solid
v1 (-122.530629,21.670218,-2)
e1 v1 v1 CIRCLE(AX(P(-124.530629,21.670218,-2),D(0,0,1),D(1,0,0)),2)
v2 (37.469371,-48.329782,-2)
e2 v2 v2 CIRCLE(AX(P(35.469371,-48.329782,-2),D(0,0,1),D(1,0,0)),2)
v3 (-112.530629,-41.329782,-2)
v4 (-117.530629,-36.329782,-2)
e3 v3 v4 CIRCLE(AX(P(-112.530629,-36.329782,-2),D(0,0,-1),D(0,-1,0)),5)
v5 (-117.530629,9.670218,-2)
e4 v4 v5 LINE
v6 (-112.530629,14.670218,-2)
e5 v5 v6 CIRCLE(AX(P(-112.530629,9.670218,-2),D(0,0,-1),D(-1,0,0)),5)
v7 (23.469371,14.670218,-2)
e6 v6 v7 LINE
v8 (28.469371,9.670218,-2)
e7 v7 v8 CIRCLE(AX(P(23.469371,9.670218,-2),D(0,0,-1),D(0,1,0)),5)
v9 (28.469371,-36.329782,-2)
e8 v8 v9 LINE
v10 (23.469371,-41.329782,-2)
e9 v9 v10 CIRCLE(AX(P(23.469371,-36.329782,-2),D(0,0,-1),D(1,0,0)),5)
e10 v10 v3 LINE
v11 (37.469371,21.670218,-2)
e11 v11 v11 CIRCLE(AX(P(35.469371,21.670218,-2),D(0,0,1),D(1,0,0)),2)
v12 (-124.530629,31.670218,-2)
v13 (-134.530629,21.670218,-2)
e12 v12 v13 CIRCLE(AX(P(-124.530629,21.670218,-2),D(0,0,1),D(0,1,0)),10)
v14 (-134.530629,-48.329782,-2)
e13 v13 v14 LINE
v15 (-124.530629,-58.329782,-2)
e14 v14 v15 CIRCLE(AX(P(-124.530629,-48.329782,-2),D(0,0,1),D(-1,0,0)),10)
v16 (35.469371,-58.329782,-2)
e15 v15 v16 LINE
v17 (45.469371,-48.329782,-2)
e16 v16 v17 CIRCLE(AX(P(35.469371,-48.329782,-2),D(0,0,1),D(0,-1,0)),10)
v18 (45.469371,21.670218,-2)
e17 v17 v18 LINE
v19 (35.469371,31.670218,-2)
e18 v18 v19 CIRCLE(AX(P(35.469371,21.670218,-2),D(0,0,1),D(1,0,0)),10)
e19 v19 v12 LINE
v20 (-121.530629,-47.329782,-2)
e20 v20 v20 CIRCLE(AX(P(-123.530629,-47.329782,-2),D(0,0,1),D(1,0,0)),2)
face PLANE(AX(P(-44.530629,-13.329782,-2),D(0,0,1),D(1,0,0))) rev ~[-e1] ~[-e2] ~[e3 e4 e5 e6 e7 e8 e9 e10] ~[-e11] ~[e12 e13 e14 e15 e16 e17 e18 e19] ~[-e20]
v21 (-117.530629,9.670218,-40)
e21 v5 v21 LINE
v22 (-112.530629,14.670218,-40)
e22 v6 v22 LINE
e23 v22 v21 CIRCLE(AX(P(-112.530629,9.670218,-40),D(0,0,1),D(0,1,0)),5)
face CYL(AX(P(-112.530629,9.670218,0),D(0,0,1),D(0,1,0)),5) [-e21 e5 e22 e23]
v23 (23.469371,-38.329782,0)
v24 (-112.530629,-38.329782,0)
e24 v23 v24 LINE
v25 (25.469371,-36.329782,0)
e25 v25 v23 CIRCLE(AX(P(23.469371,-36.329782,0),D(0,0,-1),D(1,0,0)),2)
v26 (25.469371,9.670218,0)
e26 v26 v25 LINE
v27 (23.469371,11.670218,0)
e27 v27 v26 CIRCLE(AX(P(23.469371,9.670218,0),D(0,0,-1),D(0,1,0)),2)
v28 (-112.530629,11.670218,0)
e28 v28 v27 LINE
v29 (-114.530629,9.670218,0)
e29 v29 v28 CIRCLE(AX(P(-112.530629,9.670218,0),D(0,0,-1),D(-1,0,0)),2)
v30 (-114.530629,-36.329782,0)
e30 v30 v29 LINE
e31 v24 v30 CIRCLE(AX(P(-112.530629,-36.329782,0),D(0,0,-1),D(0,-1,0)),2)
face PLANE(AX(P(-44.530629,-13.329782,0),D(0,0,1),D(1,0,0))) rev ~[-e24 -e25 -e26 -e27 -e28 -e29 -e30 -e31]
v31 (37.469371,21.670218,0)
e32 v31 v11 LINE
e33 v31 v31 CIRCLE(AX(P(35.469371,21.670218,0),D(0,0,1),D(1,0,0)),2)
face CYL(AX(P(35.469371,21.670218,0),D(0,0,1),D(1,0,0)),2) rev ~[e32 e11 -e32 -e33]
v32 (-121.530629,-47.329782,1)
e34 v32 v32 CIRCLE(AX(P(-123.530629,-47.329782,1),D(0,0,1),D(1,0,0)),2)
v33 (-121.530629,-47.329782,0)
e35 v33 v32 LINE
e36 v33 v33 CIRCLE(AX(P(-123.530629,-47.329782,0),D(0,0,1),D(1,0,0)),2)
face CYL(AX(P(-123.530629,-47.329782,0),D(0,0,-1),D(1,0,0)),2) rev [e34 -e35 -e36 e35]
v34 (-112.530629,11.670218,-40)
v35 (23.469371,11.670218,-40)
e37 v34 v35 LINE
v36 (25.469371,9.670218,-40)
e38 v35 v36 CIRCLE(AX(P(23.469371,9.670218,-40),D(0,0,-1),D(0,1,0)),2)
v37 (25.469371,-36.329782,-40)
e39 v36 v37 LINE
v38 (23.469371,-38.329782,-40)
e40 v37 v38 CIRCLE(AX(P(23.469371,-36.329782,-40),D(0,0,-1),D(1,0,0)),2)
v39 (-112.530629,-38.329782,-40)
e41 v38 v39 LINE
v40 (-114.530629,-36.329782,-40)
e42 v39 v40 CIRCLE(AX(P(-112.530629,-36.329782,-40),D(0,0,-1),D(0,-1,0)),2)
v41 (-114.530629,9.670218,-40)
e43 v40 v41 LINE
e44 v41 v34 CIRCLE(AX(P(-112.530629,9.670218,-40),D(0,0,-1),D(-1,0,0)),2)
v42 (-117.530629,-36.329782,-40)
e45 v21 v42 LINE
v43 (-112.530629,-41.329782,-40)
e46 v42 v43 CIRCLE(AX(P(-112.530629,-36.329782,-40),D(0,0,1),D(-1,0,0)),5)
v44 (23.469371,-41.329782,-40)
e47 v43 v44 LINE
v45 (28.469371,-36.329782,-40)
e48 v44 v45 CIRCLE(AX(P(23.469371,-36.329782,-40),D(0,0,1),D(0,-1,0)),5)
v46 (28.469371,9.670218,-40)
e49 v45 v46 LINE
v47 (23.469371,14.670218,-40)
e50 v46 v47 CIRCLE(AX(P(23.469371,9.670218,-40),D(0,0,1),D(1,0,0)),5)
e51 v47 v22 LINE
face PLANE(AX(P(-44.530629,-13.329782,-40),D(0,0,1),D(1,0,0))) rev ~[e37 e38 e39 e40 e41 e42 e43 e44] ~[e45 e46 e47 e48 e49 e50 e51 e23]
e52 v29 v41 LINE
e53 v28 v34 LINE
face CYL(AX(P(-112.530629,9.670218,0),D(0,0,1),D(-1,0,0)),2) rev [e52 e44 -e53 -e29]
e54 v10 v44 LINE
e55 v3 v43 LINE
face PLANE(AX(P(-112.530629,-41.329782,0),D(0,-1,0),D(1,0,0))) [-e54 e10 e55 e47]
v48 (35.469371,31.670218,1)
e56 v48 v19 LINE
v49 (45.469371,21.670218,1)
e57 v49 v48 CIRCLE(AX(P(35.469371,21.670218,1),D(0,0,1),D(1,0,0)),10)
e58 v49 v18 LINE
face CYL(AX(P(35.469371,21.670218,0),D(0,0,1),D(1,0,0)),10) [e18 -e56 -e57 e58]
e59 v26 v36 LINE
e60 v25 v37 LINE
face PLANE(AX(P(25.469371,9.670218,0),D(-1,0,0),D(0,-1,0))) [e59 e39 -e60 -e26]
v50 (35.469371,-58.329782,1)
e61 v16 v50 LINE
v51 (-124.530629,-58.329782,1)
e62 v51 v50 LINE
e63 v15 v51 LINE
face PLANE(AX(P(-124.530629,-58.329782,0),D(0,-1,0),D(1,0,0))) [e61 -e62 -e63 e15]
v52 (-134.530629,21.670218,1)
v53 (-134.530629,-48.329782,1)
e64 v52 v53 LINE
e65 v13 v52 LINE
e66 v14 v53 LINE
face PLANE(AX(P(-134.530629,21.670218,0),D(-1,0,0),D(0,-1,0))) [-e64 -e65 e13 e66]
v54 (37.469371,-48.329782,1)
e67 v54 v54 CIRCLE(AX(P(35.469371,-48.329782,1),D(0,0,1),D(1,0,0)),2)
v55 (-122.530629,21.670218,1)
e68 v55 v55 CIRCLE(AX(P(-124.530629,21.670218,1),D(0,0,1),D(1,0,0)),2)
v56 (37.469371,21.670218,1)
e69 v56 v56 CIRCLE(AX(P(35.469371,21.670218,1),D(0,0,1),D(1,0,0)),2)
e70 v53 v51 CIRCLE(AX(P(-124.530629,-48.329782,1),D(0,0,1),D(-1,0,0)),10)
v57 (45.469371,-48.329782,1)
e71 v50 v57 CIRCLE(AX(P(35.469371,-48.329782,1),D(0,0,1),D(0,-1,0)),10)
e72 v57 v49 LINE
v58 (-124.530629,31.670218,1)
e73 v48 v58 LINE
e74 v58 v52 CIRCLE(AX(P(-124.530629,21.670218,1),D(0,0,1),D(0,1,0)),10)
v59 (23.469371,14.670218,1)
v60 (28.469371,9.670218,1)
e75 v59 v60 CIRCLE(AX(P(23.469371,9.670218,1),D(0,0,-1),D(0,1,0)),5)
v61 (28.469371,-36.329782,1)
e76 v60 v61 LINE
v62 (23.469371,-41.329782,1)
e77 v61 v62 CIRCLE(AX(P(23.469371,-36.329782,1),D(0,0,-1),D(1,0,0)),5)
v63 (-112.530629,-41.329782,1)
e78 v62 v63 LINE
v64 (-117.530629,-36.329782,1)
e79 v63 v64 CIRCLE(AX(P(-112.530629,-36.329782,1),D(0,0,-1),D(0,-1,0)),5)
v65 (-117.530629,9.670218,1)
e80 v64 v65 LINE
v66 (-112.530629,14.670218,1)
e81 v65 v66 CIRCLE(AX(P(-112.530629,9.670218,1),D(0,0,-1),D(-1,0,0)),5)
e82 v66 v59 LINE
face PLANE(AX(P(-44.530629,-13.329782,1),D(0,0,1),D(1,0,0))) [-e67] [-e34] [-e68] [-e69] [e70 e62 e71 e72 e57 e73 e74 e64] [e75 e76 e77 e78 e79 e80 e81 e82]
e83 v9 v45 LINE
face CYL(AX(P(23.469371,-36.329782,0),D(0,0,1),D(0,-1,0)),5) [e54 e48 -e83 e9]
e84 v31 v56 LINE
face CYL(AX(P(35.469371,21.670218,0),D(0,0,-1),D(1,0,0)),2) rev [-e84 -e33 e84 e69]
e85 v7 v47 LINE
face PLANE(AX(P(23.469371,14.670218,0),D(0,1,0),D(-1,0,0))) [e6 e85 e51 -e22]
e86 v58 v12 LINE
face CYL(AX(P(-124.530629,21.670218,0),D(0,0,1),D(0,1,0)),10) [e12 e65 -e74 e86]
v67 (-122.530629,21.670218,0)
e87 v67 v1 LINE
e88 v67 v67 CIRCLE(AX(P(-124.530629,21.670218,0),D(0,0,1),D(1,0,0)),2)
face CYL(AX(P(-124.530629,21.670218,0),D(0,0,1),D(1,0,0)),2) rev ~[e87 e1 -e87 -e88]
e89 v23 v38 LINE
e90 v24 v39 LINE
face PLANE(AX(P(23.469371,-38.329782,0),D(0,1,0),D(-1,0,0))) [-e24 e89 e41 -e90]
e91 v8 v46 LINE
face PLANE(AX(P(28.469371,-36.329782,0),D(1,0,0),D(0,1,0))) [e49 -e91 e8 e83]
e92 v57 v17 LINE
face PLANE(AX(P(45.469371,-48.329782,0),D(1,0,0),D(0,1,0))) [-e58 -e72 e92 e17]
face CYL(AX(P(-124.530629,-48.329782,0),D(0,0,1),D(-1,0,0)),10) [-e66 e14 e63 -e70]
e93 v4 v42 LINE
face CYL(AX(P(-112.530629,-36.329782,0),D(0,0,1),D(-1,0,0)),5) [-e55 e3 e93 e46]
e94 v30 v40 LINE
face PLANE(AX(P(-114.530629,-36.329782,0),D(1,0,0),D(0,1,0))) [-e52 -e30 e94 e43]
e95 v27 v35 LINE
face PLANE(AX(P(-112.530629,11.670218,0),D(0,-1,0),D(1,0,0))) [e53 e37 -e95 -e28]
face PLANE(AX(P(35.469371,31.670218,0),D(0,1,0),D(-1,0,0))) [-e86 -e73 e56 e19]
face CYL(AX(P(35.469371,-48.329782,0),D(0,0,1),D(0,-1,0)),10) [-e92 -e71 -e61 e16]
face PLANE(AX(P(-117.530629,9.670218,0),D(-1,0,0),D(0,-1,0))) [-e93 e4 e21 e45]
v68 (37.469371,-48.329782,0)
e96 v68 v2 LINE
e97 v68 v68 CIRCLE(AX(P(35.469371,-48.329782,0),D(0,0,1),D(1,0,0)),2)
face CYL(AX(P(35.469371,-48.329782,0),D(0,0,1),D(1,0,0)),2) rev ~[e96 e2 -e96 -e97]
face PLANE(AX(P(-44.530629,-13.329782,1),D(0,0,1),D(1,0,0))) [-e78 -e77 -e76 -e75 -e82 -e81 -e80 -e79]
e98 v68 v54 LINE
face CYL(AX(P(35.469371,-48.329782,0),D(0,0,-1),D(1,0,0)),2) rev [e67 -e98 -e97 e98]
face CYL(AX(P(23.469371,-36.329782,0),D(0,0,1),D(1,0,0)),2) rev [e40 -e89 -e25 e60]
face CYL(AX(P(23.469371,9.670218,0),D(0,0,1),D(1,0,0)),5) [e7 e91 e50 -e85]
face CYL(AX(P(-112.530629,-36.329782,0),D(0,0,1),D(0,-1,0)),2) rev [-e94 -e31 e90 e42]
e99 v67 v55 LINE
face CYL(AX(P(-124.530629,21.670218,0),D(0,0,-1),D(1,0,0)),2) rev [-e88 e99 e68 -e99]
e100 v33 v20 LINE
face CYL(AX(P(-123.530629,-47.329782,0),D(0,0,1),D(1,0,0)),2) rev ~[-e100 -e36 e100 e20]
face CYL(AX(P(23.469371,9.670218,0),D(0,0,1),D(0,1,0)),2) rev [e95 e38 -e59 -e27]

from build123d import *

# Parameters (mm, degrees)
F1_DEPTH = 40
F0_R     = 2
F2_DEPTH = 1
F3_DEPTH = 2
F4_DEPTH = 1


with BuildPart() as f1:
    # F0 (on Top) → F1 (new body)
    with BuildSketch(Plane.XY):
        with BuildLine():
            Line((23.4693709612, 14.670217514), (-112.5306290388, 14.670217514))
            ThreePointArc((-112.5306290388, 14.670217514), (-116.0661629447, 13.20575142), (-117.5306290388, 9.670217514))
            Line((-117.5306290388, 9.670217514), (-117.5306290388, -36.329782486))
            ThreePointArc((-117.5306290388, -36.329782486), (-116.0661629447, -39.8653163919), (-112.5306290388, -41.329782486))
            Line((-112.5306290388, -41.329782486), (23.4693709612, -41.329782486))
            ThreePointArc((23.4693709612, -41.329782486), (27.0049048671, -39.8653163919), (28.4693709612, -36.329782486))
            Line((28.4693709612, -36.329782486), (28.4693709612, 9.670217514))
            ThreePointArc((28.4693709612, 9.670217514), (27.0049048671, 13.20575142), (23.4693709612, 14.670217514))
        make_face()
        with BuildLine():
            ThreePointArc((-114.5306290388, 9.670217514), (-113.9448426012, 11.0844310764), (-112.5306290388, 11.670217514))
            Line((-112.5306290388, 11.670217514), (23.4693709612, 11.670217514))
            ThreePointArc((23.4693709612, 11.670217514), (24.8835845236, 11.0844310764), (25.4693709612, 9.670217514))
            Line((25.4693709612, 9.670217514), (25.4693709612, -36.329782486))
            ThreePointArc((25.4693709612, -36.329782486), (24.8835845236, -37.7439960483), (23.4693709612, -38.329782486))
            Line((23.4693709612, -38.329782486), (-112.5306290388, -38.329782486))
            ThreePointArc((-112.5306290388, -38.329782486), (-113.9448426012, -37.7439960483), (-114.5306290388, -36.329782486))
            Line((-114.5306290388, -36.329782486), (-114.5306290388, 9.670217514))
        make_face(mode=Mode.SUBTRACT)
    extrude(amount=-F1_DEPTH)



with BuildPart() as f2:
    # F0 (on Top) → F2 (new body)
    with BuildSketch(Plane.XY):
        with BuildLine():
            ThreePointArc((-124.5306290388, 31.670217514), (-131.6016968507, 28.7412853259), (-134.5306290388, 21.670217514))
            Line((-134.5306290388, 21.670217514), (-134.5306290388, -48.329782486))
            ThreePointArc((-134.5306290388, -48.329782486), (-131.6016968507, -55.4008502978), (-124.5306290388, -58.329782486))
            Line((-124.5306290388, -58.329782486), (35.4693709612, -58.329782486))
            ThreePointArc((35.4693709612, -58.329782486), (42.5404387731, -55.4008502978), (45.4693709612, -48.329782486))
            Line((45.4693709612, -48.329782486), (45.4693709612, 21.670217514))
            ThreePointArc((45.4693709612, 21.670217514), (42.5404387731, 28.7412853259), (35.4693709612, 31.670217514))
            Line((35.4693709612, 31.670217514), (-124.5306290388, 31.670217514))
        make_face()
        with Locations((-123.5306290388, -47.329782486)):
            Circle(F0_R, mode=Mode.SUBTRACT)
        with Locations((35.4693709612, -48.329782486)):
            Circle(F0_R, mode=Mode.SUBTRACT)
        with Locations((-124.5306290388, 21.670217514)):
            Circle(F0_R, mode=Mode.SUBTRACT)
        with BuildLine():
            ThreePointArc((-117.5306290388, 9.670217514), (-116.0661629447, 13.20575142), (-112.5306290388, 14.670217514))
            Line((-112.5306290388, 14.670217514), (23.4693709612, 14.670217514))
            ThreePointArc((23.4693709612, 14.670217514), (27.0049048671, 13.20575142), (28.4693709612, 9.670217514))
            Line((28.4693709612, 9.670217514), (28.4693709612, -36.329782486))
            ThreePointArc((28.4693709612, -36.329782486), (27.0049048671, -39.8653163919), (23.4693709612, -41.329782486))
            Line((23.4693709612, -41.329782486), (-112.5306290388, -41.329782486))
            ThreePointArc((-112.5306290388, -41.329782486), (-116.0661629447, -39.8653163919), (-117.5306290388, -36.329782486))
            Line((-117.5306290388, -36.329782486), (-117.5306290388, 9.670217514))
        make_face(mode=Mode.SUBTRACT)
        with Locations((35.4693709612, 21.670217514)):
            Circle(F0_R, mode=Mode.SUBTRACT)
    extrude(amount=F2_DEPTH)


with BuildPart() as f1_1:
    add(f1.part)

    add(f2.part)  # F3 merges F2
    # F0 (on Top) → F3 (join)
    with BuildSketch(Plane.XY):
        with BuildLine():
            ThreePointArc((-124.5306290388, 31.670217514), (-131.6016968507, 28.7412853259), (-134.5306290388, 21.670217514))
            Line((-134.5306290388, 21.670217514), (-134.5306290388, -48.329782486))
            ThreePointArc((-134.5306290388, -48.329782486), (-131.6016968507, -55.4008502978), (-124.5306290388, -58.329782486))
            Line((-124.5306290388, -58.329782486), (35.4693709612, -58.329782486))
            ThreePointArc((35.4693709612, -58.329782486), (42.5404387731, -55.4008502978), (45.4693709612, -48.329782486))
            Line((45.4693709612, -48.329782486), (45.4693709612, 21.670217514))
            ThreePointArc((45.4693709612, 21.670217514), (42.5404387731, 28.7412853259), (35.4693709612, 31.670217514))
            Line((35.4693709612, 31.670217514), (-124.5306290388, 31.670217514))
        make_face()
        with Locations((-123.5306290388, -47.329782486)):
            Circle(F0_R, mode=Mode.SUBTRACT)
        with Locations((35.4693709612, -48.329782486)):
            Circle(F0_R, mode=Mode.SUBTRACT)
        with Locations((-124.5306290388, 21.670217514)):
            Circle(F0_R, mode=Mode.SUBTRACT)
        with BuildLine():
            ThreePointArc((-117.5306290388, 9.670217514), (-116.0661629447, 13.20575142), (-112.5306290388, 14.670217514))
            Line((-112.5306290388, 14.670217514), (23.4693709612, 14.670217514))
            ThreePointArc((23.4693709612, 14.670217514), (27.0049048671, 13.20575142), (28.4693709612, 9.670217514))
            Line((28.4693709612, 9.670217514), (28.4693709612, -36.329782486))
            ThreePointArc((28.4693709612, -36.329782486), (27.0049048671, -39.8653163919), (23.4693709612, -41.329782486))
            Line((23.4693709612, -41.329782486), (-112.5306290388, -41.329782486))
            ThreePointArc((-112.5306290388, -41.329782486), (-116.0661629447, -39.8653163919), (-117.5306290388, -36.329782486))
            Line((-117.5306290388, -36.329782486), (-117.5306290388, 9.670217514))
        make_face(mode=Mode.SUBTRACT)
        with Locations((35.4693709612, 21.670217514)):
            Circle(F0_R, mode=Mode.SUBTRACT)
    extrude(amount=-F3_DEPTH)

    # F0 (on Top) → F4 (join)
    with BuildSketch(Plane.XY):
        with BuildLine():
            Line((23.4693709612, 14.670217514), (-112.5306290388, 14.670217514))
            ThreePointArc((-112.5306290388, 14.670217514), (-116.0661629447, 13.20575142), (-117.5306290388, 9.670217514))
            Line((-117.5306290388, 9.670217514), (-117.5306290388, -36.329782486))
            ThreePointArc((-117.5306290388, -36.329782486), (-116.0661629447, -39.8653163919), (-112.5306290388, -41.329782486))
            Line((-112.5306290388, -41.329782486), (23.4693709612, -41.329782486))
            ThreePointArc((23.4693709612, -41.329782486), (27.0049048671, -39.8653163919), (28.4693709612, -36.329782486))
            Line((28.4693709612, -36.329782486), (28.4693709612, 9.670217514))
            ThreePointArc((28.4693709612, 9.670217514), (27.0049048671, 13.20575142), (23.4693709612, 14.670217514))
        make_face()
        with BuildLine():
            ThreePointArc((-114.5306290388, 9.670217514), (-113.9448426012, 11.0844310764), (-112.5306290388, 11.670217514))
            Line((-112.5306290388, 11.670217514), (23.4693709612, 11.670217514))
            ThreePointArc((23.4693709612, 11.670217514), (24.8835845236, 11.0844310764), (25.4693709612, 9.670217514))
            Line((25.4693709612, 9.670217514), (25.4693709612, -36.329782486))
            ThreePointArc((25.4693709612, -36.329782486), (24.8835845236, -37.7439960483), (23.4693709612, -38.329782486))
            Line((23.4693709612, -38.329782486), (-112.5306290388, -38.329782486))
            ThreePointArc((-112.5306290388, -38.329782486), (-113.9448426012, -37.7439960483), (-114.5306290388, -36.329782486))
            Line((-114.5306290388, -36.329782486), (-114.5306290388, 9.670217514))
        make_face(mode=Mode.SUBTRACT)
        with BuildLine():
            Line((23.4693709612, 11.670217514), (-112.5306290388, 11.670217514))
            ThreePointArc((-112.5306290388, 11.670217514), (-113.9448426012, 11.0844310764), (-114.5306290388, 9.670217514))
            Line((-114.5306290388, 9.670217514), (-114.5306290388, -36.329782486))
            ThreePointArc((-114.5306290388, -36.329782486), (-113.9448426012, -37.7439960483), (-112.5306290388, -38.329782486))
            Line((-112.5306290388, -38.329782486), (23.4693709612, -38.329782486))
            ThreePointArc((23.4693709612, -38.329782486), (24.8835845236, -37.7439960483), (25.4693709612, -36.329782486))
            Line((25.4693709612, -36.329782486), (25.4693709612, 9.670217514))
            ThreePointArc((25.4693709612, 9.670217514), (24.8835845236, 11.0844310764), (23.4693709612, 11.670217514))
        make_face()
    extrude(amount=F4_DEPTH)


solid = f1_1.part
